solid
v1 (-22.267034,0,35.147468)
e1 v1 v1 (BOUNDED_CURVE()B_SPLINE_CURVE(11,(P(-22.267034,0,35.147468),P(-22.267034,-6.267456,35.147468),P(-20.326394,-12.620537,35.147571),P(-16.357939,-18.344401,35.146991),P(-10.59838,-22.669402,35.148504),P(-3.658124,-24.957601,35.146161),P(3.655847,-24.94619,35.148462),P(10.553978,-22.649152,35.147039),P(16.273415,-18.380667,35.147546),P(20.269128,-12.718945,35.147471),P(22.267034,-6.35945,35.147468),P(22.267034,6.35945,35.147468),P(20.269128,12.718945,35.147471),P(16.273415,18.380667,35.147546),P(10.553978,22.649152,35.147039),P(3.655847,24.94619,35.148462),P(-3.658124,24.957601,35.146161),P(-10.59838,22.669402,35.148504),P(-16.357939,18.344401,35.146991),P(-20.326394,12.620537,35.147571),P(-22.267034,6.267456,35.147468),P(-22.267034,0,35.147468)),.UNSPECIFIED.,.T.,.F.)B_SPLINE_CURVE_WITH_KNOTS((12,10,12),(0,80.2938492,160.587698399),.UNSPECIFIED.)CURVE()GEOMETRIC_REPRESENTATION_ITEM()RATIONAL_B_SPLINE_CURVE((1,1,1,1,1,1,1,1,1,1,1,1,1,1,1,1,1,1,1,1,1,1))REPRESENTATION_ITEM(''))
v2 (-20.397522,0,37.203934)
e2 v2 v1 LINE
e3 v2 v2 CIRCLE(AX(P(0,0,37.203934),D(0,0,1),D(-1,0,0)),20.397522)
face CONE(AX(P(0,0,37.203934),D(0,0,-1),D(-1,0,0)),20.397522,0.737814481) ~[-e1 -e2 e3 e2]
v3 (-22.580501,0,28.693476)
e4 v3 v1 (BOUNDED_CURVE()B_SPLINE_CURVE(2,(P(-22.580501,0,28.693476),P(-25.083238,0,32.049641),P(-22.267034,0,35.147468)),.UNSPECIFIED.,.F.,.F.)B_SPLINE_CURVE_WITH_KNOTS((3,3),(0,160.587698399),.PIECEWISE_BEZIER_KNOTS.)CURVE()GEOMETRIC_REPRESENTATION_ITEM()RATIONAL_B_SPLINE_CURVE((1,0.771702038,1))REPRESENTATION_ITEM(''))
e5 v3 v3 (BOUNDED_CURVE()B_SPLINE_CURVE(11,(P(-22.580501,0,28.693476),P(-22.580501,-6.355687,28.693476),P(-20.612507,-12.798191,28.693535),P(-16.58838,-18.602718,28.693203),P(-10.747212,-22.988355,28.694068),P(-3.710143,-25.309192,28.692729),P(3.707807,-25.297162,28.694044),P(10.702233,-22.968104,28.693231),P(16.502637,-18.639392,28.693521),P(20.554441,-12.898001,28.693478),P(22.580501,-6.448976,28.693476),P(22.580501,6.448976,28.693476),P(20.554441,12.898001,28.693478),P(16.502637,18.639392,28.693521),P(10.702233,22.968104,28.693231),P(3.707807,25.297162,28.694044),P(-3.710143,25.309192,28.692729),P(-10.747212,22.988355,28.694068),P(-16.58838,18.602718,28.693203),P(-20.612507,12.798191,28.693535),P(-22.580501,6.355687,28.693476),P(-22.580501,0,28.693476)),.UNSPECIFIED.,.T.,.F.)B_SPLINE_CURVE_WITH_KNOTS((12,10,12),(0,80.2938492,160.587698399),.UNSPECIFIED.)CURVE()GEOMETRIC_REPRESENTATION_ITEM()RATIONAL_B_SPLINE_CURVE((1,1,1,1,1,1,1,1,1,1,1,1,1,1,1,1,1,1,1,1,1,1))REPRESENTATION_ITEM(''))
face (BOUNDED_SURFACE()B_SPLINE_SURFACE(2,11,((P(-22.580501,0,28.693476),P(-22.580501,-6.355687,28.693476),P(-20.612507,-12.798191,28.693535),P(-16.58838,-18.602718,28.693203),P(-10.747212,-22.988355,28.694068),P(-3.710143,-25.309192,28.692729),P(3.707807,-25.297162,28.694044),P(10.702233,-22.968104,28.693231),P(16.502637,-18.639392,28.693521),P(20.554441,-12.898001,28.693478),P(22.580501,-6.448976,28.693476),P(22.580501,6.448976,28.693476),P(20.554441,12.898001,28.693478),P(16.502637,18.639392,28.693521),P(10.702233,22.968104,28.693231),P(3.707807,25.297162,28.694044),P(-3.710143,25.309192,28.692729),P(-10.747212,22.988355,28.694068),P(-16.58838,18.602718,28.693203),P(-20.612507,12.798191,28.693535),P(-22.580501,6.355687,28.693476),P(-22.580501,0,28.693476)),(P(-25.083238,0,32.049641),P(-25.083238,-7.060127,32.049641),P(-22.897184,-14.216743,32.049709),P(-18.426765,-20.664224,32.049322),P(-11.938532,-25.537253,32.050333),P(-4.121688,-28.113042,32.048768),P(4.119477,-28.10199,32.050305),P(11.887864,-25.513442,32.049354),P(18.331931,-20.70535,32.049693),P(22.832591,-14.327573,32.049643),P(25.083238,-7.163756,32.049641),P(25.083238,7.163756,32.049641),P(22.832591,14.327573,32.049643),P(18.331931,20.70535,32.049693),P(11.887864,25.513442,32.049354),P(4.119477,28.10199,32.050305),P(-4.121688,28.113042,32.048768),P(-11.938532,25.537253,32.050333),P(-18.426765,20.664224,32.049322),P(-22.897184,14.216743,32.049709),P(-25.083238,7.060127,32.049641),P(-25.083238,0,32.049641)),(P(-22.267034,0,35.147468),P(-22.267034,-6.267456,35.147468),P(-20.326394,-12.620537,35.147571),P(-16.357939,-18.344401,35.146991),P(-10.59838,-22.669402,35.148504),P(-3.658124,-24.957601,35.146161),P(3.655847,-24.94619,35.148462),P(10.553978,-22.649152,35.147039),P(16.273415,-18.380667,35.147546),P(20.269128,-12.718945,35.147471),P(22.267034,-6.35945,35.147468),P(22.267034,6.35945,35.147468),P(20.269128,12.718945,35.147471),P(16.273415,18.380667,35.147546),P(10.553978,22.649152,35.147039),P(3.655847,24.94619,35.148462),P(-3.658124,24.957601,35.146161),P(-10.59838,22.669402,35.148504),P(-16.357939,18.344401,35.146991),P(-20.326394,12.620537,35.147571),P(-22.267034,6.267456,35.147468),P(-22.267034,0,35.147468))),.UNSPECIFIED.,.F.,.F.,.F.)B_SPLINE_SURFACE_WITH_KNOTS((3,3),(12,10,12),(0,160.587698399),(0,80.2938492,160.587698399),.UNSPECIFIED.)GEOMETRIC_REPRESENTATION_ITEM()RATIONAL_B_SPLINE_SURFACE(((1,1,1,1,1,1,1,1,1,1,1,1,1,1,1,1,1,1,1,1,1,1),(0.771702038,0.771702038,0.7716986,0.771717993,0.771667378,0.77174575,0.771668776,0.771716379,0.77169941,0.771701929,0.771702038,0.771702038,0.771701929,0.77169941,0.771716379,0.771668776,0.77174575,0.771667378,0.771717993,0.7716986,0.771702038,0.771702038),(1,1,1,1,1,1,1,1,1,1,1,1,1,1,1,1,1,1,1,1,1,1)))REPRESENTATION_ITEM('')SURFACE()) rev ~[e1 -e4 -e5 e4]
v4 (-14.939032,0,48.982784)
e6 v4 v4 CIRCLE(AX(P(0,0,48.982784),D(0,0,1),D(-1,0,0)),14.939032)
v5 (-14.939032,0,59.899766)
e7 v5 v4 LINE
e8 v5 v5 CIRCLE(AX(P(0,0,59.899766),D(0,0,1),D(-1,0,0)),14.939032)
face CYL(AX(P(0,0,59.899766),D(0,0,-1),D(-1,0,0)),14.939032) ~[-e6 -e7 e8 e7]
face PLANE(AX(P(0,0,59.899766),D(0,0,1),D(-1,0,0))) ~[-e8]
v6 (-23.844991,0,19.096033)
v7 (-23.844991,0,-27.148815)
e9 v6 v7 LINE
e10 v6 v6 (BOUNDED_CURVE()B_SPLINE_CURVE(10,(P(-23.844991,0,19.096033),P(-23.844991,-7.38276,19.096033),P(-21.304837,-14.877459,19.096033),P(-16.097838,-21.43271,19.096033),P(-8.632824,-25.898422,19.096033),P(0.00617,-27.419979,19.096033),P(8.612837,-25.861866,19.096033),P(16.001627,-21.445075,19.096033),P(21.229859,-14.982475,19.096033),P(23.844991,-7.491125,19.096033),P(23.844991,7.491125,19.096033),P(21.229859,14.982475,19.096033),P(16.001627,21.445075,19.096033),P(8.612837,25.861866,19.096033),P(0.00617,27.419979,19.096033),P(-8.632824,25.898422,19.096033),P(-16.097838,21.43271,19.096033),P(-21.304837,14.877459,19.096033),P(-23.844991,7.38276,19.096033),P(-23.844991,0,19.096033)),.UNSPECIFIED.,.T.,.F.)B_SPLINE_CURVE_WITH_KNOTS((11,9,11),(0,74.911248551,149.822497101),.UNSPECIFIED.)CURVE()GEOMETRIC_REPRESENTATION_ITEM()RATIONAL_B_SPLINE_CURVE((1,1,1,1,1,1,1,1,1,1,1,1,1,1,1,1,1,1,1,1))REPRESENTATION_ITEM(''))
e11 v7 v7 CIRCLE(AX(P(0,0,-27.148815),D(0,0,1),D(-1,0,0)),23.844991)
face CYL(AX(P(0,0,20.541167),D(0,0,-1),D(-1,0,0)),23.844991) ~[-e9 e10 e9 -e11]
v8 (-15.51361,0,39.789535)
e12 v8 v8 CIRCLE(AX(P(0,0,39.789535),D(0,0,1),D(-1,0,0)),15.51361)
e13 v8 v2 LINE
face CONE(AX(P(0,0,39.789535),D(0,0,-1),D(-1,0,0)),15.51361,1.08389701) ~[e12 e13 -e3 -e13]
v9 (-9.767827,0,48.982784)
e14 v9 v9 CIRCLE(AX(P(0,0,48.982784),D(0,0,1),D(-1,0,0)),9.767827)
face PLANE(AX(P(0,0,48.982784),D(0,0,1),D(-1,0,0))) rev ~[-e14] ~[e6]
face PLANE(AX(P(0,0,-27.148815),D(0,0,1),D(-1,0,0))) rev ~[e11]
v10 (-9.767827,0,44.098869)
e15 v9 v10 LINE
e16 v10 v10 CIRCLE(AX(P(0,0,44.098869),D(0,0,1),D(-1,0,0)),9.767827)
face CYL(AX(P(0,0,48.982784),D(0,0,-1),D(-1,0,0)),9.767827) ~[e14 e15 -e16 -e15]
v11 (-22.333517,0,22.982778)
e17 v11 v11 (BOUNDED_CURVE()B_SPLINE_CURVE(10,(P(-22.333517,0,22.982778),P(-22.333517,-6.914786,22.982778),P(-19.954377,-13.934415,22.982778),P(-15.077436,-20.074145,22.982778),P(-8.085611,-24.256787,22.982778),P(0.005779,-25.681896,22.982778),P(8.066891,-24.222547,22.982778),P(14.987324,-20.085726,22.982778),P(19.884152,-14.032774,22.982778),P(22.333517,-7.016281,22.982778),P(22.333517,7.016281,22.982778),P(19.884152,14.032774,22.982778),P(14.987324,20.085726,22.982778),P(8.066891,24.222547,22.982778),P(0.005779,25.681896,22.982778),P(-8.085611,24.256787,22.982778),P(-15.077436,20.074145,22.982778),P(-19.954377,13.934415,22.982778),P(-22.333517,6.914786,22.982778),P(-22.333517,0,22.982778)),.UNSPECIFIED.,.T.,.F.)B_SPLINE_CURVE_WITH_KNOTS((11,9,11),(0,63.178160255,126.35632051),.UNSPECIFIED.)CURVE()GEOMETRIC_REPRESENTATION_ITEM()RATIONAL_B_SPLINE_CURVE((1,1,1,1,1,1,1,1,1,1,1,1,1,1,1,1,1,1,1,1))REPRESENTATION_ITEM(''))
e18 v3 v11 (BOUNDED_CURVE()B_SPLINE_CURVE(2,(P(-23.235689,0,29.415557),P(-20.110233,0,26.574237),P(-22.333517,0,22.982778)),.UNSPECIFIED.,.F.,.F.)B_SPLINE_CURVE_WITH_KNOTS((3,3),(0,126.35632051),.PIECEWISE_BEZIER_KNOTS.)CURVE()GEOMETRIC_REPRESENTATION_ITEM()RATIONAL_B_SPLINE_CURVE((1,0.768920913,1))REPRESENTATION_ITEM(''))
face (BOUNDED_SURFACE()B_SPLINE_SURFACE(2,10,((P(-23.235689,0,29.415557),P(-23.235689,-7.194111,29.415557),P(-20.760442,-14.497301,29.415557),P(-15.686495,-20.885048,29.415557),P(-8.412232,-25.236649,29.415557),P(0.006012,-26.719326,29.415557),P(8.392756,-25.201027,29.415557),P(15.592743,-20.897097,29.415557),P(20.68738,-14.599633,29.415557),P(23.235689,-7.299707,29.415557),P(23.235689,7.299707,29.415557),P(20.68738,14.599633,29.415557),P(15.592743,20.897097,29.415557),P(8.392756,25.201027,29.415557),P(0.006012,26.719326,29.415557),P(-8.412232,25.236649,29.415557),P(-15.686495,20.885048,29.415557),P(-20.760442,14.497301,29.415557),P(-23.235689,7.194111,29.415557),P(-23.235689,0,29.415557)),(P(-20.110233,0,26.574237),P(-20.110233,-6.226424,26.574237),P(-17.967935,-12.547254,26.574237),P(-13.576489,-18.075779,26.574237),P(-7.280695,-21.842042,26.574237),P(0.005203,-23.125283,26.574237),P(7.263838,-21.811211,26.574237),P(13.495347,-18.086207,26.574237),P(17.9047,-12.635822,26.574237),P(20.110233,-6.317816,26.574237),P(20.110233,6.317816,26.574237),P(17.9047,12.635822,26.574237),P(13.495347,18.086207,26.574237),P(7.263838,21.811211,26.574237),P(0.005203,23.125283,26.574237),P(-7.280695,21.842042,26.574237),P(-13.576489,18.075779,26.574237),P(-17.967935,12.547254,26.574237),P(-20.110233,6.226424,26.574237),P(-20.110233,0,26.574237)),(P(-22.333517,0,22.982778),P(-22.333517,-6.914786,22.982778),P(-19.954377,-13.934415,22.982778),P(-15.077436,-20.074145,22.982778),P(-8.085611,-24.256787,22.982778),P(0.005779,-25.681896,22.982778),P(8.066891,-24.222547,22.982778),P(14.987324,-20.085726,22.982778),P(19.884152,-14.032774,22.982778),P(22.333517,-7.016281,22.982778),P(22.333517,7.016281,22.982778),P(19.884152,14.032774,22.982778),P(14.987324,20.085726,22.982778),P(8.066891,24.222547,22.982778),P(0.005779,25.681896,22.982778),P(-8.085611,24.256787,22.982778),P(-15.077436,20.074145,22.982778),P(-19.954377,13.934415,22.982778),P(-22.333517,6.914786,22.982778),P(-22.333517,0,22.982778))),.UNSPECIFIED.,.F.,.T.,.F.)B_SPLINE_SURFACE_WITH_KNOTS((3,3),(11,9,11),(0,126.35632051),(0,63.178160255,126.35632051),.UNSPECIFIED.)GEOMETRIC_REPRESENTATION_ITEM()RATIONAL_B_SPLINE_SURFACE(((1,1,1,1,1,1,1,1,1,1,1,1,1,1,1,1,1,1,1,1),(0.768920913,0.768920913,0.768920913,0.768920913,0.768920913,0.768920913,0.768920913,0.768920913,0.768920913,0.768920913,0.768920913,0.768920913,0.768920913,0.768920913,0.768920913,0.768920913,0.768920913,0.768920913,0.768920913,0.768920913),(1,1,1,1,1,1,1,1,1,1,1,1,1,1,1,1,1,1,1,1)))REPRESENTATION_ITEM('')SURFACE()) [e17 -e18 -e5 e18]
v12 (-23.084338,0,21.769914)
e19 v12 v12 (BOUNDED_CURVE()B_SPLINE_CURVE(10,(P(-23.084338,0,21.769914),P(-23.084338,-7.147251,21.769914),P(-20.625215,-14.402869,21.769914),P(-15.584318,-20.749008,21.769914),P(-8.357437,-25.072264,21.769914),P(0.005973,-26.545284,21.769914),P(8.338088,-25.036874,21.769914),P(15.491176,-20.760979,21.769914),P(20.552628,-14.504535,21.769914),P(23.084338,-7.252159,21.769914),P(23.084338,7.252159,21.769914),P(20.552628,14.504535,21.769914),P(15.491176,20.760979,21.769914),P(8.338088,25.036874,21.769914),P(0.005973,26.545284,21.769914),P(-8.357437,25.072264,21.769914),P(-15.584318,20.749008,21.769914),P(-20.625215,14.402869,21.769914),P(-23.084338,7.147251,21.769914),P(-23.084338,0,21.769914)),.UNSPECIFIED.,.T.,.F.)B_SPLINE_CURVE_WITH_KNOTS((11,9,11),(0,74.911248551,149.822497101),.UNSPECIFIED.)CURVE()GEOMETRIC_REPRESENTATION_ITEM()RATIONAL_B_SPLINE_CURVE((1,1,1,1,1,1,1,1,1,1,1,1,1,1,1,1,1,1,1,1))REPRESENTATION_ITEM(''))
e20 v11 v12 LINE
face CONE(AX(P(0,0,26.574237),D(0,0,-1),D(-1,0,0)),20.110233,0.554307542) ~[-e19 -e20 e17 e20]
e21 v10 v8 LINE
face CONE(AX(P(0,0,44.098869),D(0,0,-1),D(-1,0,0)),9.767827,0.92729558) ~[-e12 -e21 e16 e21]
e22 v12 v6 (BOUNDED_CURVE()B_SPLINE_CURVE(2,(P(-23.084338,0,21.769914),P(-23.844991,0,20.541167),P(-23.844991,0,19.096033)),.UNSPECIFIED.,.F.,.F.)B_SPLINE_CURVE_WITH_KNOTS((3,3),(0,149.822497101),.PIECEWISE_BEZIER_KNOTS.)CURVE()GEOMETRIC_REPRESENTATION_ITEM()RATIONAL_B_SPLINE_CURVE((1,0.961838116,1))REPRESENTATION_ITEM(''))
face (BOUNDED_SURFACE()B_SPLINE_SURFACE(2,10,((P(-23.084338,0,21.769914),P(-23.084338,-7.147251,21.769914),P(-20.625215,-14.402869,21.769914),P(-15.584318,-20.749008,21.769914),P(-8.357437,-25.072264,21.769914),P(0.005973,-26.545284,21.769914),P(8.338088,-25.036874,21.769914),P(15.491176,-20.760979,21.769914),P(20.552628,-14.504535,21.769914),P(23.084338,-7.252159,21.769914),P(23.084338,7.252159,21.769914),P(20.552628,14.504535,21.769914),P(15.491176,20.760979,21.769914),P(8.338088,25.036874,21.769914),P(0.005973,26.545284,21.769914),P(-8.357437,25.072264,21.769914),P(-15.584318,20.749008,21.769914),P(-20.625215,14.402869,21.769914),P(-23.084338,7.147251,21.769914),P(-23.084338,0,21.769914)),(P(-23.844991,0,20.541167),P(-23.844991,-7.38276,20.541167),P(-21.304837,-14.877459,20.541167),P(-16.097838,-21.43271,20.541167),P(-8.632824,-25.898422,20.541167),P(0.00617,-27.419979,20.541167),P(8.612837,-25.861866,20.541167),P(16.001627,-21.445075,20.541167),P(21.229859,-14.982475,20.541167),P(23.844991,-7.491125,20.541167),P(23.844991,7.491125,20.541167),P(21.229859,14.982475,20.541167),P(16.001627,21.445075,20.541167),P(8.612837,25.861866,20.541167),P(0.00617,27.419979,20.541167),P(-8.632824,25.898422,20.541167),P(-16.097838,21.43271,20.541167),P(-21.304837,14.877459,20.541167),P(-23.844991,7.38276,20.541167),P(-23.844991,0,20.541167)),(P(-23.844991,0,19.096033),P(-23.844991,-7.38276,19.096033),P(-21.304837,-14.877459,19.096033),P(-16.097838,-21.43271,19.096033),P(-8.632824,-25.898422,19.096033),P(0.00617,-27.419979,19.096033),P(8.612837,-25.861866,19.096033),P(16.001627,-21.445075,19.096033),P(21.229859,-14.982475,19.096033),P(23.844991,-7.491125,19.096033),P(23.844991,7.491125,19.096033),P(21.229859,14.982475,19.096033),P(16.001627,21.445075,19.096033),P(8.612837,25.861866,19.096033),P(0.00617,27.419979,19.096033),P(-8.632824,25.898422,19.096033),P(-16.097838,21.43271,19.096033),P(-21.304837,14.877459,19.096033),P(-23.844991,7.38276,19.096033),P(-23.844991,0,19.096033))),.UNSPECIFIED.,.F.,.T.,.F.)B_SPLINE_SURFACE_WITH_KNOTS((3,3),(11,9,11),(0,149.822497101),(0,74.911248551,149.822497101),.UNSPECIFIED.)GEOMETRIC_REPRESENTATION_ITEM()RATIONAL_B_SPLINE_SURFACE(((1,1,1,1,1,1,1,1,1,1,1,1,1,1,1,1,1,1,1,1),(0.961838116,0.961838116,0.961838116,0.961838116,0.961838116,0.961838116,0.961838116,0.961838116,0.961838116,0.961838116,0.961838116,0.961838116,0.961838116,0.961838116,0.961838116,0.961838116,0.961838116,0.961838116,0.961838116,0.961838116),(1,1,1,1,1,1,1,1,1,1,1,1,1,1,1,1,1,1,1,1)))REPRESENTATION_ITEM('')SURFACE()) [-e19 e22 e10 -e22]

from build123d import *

# Parameters (mm, degrees)
F2_R = 5.08
F3_R = 5.08


with BuildPart() as f1:
    # F0 (on Front) → F1 (revolve)
    with BuildSketch(Plane.XZ):
        Polygon((0, -27.148815), (0, 59.899766), (-14.939032, 59.899766), (-14.939032, 48.982784), (-9.767827, 48.982784), (-9.767827, 44.098869), (-15.51361, 39.789535), (-20.397522, 37.203934), (-25.558326, 31.527043), (-20.110233, 26.574237), (-23.844991, 20.541167), (-23.844991, -4.165691), (-23.844991, -27.148815), align=None)
    revolve(axis=Axis((0, 0, 16.375476), (0, 0, 1)))

    # F2
    f2_edges = [f1.edges().sort_by_distance(p)[0] for p in [
        (20.110233, 0, 26.574237),
        (23.844991, 0, 20.541167),
        (-21.977612, 0, 23.557702),
    ]]
    fillet(f2_edges, radius=F2_R)

    # F3
    f3_edges = [f1.edges().sort_by_distance(p)[0] for p in [
        (25.558326, 0, 31.527043),
    ]]
    fillet(f3_edges, radius=F3_R)


solid = f1.part
